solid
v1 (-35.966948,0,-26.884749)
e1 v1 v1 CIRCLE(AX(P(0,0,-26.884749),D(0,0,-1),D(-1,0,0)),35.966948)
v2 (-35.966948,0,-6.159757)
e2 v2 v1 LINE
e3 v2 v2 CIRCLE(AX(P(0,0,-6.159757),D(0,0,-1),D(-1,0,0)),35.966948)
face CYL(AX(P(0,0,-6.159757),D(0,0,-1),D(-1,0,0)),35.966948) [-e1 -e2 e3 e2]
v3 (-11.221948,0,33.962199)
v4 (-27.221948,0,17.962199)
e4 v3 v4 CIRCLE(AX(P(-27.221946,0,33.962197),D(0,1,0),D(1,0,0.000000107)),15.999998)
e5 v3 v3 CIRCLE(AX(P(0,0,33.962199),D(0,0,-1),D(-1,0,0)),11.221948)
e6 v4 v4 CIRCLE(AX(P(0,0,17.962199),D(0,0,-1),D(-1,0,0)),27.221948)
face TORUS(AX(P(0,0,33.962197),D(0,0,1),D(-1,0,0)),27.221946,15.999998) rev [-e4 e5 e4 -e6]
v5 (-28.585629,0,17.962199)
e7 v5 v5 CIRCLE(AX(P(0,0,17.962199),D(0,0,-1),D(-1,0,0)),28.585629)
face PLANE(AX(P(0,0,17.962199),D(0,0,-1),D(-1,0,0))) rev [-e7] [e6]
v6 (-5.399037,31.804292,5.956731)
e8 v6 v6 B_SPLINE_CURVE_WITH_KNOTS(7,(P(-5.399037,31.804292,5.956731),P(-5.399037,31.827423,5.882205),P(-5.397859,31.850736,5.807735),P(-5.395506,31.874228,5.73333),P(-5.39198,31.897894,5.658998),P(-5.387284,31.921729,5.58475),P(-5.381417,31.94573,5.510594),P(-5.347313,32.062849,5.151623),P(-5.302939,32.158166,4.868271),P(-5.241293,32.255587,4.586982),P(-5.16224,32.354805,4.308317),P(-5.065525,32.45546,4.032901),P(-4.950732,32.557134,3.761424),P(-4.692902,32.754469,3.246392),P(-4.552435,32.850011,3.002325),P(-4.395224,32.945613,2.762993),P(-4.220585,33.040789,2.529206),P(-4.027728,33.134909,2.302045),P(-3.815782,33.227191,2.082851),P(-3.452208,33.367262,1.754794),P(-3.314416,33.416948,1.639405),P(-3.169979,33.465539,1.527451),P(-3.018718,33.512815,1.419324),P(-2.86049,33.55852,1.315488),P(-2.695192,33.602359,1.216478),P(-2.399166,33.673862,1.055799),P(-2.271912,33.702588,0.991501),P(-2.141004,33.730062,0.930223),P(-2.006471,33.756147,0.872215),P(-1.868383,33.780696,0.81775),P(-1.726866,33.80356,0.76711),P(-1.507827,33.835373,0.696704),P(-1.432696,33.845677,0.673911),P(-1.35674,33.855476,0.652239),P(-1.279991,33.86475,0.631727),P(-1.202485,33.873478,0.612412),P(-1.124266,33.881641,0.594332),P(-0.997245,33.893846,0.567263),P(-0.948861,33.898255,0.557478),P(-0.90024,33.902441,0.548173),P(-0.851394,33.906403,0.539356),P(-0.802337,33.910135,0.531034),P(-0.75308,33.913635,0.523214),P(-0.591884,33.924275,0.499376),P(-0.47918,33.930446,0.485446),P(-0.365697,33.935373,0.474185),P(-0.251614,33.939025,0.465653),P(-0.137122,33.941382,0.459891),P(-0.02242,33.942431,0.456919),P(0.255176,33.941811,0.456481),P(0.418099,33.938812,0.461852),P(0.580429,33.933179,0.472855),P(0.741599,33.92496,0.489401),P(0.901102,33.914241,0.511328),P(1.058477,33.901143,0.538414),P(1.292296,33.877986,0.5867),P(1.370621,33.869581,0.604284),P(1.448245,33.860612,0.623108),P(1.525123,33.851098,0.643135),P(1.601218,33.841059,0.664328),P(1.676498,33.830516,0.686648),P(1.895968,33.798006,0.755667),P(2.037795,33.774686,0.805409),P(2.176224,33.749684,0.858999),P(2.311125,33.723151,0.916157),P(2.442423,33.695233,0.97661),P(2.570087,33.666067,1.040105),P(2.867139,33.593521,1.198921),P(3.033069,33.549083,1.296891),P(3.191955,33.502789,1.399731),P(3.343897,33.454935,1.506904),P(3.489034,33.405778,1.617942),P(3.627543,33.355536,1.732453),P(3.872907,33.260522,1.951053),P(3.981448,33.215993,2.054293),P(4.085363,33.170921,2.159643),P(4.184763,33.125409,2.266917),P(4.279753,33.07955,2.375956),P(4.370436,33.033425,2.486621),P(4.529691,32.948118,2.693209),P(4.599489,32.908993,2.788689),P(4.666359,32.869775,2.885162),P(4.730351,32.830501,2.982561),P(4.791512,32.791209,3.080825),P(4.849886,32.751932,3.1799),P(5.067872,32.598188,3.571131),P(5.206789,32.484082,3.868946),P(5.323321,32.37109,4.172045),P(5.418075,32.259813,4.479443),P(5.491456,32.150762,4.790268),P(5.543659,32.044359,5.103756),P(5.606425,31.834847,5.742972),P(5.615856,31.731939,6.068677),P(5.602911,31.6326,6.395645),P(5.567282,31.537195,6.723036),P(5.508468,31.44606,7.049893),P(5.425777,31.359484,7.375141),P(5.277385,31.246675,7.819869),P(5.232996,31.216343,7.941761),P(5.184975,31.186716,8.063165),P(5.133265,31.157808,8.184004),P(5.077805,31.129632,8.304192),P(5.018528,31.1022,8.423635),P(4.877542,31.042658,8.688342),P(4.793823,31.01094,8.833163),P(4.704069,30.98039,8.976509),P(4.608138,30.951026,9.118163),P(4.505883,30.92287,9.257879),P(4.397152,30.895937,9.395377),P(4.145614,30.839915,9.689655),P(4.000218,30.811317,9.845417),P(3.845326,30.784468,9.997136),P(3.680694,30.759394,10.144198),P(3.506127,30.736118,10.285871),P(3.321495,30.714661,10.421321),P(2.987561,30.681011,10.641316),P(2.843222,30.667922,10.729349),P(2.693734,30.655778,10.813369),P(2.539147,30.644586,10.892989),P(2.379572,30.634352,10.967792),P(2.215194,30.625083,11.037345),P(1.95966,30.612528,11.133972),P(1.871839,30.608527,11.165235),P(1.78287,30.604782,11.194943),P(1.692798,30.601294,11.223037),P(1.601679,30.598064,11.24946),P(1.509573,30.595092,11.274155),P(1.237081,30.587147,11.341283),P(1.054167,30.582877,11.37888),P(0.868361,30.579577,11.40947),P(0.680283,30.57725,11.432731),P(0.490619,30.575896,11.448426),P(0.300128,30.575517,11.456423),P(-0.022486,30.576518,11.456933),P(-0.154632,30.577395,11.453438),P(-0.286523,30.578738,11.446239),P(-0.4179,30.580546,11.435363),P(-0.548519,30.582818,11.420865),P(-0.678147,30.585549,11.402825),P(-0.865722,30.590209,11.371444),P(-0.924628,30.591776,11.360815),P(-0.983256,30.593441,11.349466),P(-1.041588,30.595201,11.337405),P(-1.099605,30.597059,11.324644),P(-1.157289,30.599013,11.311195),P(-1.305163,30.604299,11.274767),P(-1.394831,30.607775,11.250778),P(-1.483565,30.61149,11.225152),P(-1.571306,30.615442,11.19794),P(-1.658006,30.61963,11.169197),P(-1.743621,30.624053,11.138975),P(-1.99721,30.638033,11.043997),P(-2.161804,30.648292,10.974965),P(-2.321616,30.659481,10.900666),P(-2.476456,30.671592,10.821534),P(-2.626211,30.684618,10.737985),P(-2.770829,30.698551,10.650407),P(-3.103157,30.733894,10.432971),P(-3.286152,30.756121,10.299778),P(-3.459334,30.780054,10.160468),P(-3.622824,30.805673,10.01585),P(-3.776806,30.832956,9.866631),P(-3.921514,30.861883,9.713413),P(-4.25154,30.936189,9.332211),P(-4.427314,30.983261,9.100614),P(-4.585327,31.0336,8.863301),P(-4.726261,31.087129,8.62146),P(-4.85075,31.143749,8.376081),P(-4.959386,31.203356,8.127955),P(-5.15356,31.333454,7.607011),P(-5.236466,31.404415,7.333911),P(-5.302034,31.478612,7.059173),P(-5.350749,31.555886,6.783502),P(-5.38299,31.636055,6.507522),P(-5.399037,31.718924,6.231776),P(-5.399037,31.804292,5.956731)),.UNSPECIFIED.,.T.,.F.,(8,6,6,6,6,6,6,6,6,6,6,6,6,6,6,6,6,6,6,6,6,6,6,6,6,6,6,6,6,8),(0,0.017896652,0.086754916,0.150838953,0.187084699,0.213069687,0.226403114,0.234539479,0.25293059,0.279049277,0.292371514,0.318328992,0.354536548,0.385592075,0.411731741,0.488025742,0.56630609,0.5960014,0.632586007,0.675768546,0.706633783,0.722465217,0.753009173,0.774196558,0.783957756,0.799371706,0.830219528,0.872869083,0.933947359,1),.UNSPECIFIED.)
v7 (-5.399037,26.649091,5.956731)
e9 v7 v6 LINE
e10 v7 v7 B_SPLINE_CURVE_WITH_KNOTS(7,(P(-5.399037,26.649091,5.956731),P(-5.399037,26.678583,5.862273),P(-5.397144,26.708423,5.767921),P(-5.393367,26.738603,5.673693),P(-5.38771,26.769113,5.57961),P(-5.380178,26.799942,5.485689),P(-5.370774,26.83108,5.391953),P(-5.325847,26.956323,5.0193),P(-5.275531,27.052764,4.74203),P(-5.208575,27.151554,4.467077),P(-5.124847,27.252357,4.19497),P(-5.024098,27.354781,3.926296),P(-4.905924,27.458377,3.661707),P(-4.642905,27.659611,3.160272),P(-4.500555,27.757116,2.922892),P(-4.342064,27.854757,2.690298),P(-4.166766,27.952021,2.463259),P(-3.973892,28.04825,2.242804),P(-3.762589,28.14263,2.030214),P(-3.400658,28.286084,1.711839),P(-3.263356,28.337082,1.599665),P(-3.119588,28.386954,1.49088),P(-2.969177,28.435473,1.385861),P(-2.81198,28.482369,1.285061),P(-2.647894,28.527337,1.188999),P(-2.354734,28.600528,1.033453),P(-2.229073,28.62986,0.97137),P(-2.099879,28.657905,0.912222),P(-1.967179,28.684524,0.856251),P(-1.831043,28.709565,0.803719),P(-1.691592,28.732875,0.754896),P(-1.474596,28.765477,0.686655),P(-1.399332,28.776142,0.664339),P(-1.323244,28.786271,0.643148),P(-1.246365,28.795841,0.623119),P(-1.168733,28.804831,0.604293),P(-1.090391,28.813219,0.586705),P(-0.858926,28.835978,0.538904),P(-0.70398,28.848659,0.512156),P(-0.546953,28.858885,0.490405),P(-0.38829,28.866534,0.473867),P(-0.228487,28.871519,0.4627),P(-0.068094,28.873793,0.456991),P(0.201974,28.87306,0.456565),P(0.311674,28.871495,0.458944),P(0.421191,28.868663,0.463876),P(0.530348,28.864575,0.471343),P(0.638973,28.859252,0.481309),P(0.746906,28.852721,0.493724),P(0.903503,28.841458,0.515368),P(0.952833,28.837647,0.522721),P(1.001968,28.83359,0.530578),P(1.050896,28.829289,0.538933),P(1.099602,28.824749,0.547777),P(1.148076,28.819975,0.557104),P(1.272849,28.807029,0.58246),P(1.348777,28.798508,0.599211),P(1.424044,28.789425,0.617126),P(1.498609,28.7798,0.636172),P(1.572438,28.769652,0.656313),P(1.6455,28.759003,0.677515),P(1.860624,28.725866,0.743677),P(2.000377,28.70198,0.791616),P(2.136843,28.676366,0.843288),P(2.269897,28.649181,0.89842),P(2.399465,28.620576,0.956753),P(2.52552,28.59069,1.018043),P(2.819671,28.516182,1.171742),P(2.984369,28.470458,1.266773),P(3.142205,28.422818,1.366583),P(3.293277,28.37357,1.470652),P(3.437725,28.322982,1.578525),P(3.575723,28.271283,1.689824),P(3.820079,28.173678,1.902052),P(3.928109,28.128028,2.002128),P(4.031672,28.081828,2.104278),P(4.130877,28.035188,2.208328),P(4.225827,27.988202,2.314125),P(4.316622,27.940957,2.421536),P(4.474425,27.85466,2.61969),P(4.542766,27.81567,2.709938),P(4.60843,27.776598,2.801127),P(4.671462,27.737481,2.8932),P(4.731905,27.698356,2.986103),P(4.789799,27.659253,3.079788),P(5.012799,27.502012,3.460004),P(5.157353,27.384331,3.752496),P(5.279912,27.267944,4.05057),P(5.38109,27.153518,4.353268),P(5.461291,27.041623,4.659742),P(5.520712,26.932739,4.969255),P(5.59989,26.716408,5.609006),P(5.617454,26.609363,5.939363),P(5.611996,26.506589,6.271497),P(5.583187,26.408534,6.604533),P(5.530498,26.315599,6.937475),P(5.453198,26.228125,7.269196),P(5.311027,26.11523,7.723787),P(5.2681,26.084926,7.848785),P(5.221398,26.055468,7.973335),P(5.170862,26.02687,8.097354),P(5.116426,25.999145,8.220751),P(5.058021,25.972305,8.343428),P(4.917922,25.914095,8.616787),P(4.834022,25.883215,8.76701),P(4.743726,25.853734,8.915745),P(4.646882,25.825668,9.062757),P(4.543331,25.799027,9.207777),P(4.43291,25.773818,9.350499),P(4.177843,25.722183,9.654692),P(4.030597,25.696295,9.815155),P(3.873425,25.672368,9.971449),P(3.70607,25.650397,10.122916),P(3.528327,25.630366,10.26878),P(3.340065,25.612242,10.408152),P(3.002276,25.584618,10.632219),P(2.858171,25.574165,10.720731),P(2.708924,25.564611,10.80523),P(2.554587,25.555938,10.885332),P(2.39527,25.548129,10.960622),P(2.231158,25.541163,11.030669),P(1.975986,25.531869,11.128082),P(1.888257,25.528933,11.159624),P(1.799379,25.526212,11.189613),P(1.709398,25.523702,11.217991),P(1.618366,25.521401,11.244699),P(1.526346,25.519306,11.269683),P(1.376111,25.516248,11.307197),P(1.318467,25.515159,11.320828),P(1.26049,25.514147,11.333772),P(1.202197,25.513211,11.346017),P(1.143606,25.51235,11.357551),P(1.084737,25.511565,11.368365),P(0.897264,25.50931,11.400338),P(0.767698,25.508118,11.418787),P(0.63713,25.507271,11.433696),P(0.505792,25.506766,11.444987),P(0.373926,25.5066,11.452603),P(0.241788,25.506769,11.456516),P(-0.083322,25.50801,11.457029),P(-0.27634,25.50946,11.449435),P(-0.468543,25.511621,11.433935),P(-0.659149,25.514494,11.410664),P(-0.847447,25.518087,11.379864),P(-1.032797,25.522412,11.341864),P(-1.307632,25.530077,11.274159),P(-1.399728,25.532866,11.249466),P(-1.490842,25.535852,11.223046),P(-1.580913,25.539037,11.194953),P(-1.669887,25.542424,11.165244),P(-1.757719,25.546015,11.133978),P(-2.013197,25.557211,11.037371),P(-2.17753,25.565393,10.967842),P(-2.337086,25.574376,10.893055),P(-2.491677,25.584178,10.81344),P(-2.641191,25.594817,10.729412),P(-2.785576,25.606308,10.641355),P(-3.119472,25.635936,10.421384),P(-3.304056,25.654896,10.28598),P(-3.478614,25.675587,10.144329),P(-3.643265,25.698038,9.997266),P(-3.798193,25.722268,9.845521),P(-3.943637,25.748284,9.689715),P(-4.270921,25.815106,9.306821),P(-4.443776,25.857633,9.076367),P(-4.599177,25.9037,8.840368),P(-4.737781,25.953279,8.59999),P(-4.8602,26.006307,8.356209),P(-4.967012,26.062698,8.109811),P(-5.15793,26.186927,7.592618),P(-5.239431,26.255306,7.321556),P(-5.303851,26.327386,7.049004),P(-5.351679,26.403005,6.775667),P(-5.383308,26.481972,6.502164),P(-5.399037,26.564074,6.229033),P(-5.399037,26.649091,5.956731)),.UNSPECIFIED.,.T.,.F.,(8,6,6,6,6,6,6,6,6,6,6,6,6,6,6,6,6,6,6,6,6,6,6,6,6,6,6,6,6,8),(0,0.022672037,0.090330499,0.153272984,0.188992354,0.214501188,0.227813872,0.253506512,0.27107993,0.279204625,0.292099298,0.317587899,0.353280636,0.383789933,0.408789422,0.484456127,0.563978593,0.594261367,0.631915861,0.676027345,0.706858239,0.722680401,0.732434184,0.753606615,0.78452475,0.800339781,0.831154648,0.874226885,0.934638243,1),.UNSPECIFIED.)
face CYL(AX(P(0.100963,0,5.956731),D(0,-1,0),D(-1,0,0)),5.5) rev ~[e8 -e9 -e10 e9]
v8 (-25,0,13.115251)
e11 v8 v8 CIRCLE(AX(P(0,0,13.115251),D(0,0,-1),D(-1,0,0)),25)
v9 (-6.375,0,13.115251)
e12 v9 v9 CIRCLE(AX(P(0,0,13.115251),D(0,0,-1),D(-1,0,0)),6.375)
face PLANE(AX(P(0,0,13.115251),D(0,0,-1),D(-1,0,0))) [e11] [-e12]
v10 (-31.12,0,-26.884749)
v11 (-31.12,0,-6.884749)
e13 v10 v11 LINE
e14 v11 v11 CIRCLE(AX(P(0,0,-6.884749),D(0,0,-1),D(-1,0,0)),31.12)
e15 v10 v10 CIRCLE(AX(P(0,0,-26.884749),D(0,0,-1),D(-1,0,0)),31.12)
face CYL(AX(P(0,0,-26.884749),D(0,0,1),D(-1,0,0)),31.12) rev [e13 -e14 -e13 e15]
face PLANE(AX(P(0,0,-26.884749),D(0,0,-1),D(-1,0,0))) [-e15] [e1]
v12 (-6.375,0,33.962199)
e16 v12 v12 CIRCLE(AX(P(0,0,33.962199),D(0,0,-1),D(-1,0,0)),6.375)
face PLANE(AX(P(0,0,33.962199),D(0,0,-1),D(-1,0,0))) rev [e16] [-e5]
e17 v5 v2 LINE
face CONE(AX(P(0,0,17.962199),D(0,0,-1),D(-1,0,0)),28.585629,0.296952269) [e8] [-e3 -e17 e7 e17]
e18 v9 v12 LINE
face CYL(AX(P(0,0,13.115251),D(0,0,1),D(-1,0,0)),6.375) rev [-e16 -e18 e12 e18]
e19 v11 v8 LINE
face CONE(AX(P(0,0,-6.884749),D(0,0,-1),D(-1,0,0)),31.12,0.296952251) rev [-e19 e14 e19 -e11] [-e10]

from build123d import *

# Parameters (mm, degrees)
F3_DEPTH = 35.967948
F5_COUNT = 3
F5_ANGLE = 240
F9_COUNT = 3
F9_ANGLE = 240


with BuildPart() as f1:
    # F0 (on Front) → F1 (revolve)
    with BuildSketch(Plane.XZ):
        with BuildLine():
            Line((-35.966948, -26.884749), (-31.12, -26.884749))
            Line((-31.12, -26.884749), (-31.12, -6.884749))
            Line((-31.12, -6.884749), (-25, 13.115251))
            Line((-25, 13.115251), (-6.375, 13.115251))
            Line((-6.375, 13.115251), (-6.375, 33.962199))
            Line((-6.375, 33.962199), (-11.221948, 33.962199))
            ThreePointArc((-11.221948, 33.962199), (-15.908239, 22.64849), (-27.221948, 17.962199))
            Line((-27.221948, 17.962199), (-28.585629, 17.962199))
            Line((-28.585629, 17.962199), (-35.966948, -6.159757))
            Line((-35.966948, -6.159757), (-35.966948, -26.884749))
        make_face()
    revolve(axis=Axis((0, 0, 3.115251), (0, 0, -1)))

    # F2 (on Front) → F3 (cut, through all)
    with BuildSketch(Plane.XZ):
        with BuildLine():
            ThreePointArc((5.600963, 5.956731), (0.100963, 11.456731), (-5.399037, 5.956731))
            Line((-5.399037, 5.956731), (5.600963, 5.956731))
        make_face()
        with BuildLine():
            Line((5.600963, 5.956731), (-5.399037, 5.956731))
            ThreePointArc((-5.399037, 5.956731), (0.100963, 0.456731), (5.600963, 5.956731))
        make_face()
    extrude(amount=-F3_DEPTH, mode=Mode.SUBTRACT)


with BuildPart() as f5_1:
    # F5: instance of F1
    add(f1.part.rotate(Axis((0, 0, 22.867789), (0, 0, 1)), 1 * F5_ANGLE / (F5_COUNT - 1)))


with BuildPart() as f5_2:
    # F5: instance of F1
    add(f1.part.rotate(Axis((0, 0, 22.867789), (0, 0, 1)), 2 * F5_ANGLE / (F5_COUNT - 1)))


with BuildPart() as f9_1:
    # F9: instance of F1
    add(f1.part.rotate(Axis((0, 0, 23.663558), (0, 0, 1)), 1 * F9_ANGLE / (F9_COUNT - 1)))


with BuildPart() as f9_2:
    # F9: instance of F1
    add(f1.part.rotate(Axis((0, 0, 23.663558), (0, 0, 1)), 2 * F9_ANGLE / (F9_COUNT - 1)))


solid = f1.part
